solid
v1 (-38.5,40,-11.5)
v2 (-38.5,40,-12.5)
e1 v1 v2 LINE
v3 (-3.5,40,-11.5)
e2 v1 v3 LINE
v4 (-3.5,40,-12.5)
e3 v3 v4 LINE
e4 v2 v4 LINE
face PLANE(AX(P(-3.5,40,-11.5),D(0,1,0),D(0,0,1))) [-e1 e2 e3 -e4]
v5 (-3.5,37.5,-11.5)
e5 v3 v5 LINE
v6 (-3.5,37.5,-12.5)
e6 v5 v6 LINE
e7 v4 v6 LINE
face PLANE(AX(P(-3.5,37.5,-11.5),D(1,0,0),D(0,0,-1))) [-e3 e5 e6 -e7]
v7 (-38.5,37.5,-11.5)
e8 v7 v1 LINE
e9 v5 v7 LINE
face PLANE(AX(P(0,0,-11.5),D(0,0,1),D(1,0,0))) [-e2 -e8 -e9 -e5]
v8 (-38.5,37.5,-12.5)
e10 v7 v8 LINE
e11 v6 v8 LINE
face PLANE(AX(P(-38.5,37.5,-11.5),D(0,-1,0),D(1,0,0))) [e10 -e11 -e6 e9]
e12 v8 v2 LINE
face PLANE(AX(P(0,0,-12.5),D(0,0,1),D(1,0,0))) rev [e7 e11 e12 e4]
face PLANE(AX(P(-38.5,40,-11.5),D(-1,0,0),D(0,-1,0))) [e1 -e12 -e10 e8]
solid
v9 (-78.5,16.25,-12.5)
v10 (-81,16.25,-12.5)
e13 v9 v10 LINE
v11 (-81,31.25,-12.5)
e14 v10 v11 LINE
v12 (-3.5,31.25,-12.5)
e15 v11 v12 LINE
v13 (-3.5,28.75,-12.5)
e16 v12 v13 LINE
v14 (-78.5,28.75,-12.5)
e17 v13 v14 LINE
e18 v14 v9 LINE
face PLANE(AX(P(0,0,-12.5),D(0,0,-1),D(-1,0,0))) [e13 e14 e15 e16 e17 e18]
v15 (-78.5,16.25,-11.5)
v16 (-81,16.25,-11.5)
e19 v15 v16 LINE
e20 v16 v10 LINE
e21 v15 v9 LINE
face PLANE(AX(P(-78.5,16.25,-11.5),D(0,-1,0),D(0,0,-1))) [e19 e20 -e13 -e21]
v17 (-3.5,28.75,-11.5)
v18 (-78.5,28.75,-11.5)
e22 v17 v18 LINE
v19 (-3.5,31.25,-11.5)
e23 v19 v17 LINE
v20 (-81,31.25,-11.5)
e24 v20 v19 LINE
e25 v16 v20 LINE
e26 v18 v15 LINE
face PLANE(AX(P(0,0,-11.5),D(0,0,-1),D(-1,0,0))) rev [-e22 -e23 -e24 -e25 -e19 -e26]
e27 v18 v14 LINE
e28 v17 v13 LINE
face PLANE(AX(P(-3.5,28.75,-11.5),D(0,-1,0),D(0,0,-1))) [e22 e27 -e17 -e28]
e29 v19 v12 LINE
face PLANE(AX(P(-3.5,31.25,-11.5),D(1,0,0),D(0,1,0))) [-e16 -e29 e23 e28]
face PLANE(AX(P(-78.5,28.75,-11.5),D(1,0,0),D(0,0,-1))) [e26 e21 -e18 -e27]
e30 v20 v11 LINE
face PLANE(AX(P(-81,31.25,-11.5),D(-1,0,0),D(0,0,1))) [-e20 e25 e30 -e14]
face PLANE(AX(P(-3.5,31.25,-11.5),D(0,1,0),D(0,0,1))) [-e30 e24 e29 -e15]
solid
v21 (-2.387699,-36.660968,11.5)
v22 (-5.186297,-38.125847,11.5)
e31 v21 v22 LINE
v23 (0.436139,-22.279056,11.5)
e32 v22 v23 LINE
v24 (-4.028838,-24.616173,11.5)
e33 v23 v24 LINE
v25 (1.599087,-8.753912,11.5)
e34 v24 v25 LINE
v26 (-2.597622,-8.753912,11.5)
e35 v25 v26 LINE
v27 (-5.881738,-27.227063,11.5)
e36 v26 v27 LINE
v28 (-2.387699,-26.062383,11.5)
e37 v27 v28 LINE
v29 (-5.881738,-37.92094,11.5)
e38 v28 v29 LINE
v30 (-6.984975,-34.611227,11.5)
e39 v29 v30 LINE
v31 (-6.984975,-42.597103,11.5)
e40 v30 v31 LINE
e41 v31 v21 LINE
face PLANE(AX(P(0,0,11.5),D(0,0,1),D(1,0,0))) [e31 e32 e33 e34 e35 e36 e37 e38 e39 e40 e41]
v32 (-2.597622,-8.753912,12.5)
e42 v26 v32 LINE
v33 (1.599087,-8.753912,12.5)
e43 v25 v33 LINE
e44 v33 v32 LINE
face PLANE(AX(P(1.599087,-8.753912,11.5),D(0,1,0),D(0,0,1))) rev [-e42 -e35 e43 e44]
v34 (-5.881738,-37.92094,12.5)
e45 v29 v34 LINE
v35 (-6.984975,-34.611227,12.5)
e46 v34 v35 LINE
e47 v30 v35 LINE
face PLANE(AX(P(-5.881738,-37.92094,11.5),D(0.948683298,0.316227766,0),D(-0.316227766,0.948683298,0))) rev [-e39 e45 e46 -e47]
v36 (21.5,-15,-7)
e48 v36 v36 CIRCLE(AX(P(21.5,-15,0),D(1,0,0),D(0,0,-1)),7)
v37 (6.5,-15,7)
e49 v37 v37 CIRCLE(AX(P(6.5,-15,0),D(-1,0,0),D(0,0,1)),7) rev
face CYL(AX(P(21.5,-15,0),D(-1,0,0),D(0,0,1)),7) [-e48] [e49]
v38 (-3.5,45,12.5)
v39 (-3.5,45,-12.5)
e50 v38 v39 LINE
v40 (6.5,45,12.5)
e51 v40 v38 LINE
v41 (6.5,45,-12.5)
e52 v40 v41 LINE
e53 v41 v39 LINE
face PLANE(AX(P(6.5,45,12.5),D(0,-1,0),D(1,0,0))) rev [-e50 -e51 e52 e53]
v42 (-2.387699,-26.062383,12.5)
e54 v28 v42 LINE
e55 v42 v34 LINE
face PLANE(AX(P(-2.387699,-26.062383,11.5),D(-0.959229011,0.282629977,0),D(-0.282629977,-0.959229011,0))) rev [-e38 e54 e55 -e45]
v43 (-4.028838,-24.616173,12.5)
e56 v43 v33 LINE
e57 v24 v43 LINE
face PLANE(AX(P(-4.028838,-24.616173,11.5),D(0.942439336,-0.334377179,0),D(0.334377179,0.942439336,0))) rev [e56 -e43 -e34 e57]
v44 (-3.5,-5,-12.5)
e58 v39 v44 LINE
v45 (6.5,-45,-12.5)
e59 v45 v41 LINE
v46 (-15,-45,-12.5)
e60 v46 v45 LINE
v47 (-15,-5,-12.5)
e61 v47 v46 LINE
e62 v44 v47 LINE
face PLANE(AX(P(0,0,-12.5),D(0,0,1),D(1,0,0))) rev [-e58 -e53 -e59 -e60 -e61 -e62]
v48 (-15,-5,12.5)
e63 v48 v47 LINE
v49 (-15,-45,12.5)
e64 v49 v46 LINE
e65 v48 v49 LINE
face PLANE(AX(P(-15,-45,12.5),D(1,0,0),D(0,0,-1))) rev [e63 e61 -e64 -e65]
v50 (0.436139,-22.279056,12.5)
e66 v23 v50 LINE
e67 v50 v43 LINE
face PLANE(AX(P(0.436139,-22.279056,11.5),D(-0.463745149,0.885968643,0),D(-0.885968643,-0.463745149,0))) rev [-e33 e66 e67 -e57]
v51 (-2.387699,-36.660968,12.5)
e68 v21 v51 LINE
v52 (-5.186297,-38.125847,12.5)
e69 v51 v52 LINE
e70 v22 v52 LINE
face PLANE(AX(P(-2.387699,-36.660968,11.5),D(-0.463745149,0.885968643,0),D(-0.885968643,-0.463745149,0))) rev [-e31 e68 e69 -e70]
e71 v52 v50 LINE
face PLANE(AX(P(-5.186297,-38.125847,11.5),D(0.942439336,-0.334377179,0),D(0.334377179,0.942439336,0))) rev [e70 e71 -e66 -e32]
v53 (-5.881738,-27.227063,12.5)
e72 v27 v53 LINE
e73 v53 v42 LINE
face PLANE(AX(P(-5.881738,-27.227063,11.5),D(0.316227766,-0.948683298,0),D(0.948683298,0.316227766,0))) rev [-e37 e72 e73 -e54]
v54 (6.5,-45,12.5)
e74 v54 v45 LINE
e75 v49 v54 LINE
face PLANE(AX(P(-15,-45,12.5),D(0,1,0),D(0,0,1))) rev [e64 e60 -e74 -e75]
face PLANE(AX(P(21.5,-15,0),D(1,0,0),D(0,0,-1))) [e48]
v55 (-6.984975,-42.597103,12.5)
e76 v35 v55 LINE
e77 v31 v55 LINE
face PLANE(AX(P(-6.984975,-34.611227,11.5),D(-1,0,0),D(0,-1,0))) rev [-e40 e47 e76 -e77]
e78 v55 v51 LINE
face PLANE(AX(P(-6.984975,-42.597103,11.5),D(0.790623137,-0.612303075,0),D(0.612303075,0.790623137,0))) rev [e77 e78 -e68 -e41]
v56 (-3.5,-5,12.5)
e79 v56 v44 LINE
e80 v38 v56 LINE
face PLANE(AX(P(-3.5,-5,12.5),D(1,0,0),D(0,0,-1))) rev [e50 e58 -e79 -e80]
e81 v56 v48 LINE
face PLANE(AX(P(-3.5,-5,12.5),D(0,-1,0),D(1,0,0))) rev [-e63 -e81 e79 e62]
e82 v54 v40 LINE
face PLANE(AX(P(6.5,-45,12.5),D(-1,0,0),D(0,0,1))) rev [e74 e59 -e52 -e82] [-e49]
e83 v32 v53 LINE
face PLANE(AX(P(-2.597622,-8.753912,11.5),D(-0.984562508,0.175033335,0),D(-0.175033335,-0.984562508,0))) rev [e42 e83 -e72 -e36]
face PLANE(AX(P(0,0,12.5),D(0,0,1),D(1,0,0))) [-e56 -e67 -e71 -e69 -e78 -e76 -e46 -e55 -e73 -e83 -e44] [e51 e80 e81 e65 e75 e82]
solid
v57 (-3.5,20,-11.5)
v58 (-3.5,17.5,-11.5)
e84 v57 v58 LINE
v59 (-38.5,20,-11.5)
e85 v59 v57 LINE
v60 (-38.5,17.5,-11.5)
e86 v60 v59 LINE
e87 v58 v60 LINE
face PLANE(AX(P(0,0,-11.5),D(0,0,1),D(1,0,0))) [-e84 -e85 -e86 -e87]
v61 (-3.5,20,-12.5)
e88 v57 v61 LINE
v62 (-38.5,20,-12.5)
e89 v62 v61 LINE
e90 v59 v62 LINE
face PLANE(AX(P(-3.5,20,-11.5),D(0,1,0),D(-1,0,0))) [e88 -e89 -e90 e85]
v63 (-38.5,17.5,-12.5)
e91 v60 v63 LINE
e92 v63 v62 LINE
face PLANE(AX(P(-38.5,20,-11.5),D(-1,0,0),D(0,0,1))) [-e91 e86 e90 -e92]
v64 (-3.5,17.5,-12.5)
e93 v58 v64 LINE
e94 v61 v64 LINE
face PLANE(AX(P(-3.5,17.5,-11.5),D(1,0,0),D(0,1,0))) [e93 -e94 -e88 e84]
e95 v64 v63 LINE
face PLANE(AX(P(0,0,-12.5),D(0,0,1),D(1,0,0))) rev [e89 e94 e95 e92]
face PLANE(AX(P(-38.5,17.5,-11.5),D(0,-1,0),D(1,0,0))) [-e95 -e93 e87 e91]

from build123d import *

# Parameters (mm, degrees)
BOSS_EXTRUDE1_DEPTH   = 12.5
CUT_EXTRUDE1_DEPTH    = 1
SKETCH4_W             = 35
SKETCH4_H             = 2.5
BOSS_EXTRUDE2_DEPTH   = 1
BOSS_EXTRUDE2_2_DEPTH = 1
BOSS_EXTRUDE2_3_DEPTH = 1
SKETCH6_R             = 7
BOSS_EXTRUDE3_DEPTH   = 15


with BuildPart() as part:
    # Sketch1 → Boss-Extrude1 (new, symmetric)
    with BuildSketch(Plane.XY):
        Polygon((-15, -45), (6.5, -45), (6.5, 45), (-3.5, 45), (-3.5, -5), (-15, -5), align=None)
    extrude(amount=BOSS_EXTRUDE1_DEPTH, both=True)

    # Sketch2 → Cut-Extrude1 (cut)
    with BuildSketch(Plane.XY.offset(12.5)):
        Polygon((-2.597622066, -8.753911623), (-5.881737798, -27.227062612), (-2.387698703, -26.062382913), (-5.881737798, -37.920939842), (-6.984975478, -34.6112268), (-6.984975478, -42.59710263), (-2.387698703, -36.660968168), (-5.186296848, -38.12584655), (0.436139273, -22.279056437), (-4.028838278, -24.616172646), (1.599086918, -8.753911623), align=None)
    extrude(amount=-CUT_EXTRUDE1_DEPTH, mode=Mode.SUBTRACT)

    # Sketch6 → Boss-Extrude3 (add)
    with BuildSketch(Plane(origin=(6.5, 0, 0), x_dir=(0, 0, -1), z_dir=(1, 0, 0))):
        with Locations(Location((0, -15, 0), (0, 0, 180))):
            Circle(SKETCH6_R)
    extrude(amount=BOSS_EXTRUDE3_DEPTH)


with BuildPart() as body_2:
    # Sketch4 → Boss-Extrude2 (new body)
    with BuildSketch(Plane(origin=(0, 0, -12.5), x_dir=(-1, 0, 0), z_dir=(0, 0, -1))):
        with Locations((21, 38.75)):
            Rectangle(SKETCH4_W, SKETCH4_H)
    extrude(amount=-BOSS_EXTRUDE2_DEPTH)


with BuildPart() as body_3:
    # Sketch4 → Boss-Extrude2 2 (new body)
    with BuildSketch(Plane(origin=(0, 0, -12.5), x_dir=(-1, 0, 0), z_dir=(0, 0, -1))):
        with Locations((21, 18.75)):
            Rectangle(SKETCH4_W, SKETCH4_H)
    extrude(amount=-BOSS_EXTRUDE2_2_DEPTH)


with BuildPart() as body_4:
    # Sketch4 → Boss-Extrude2 3 (new body)
    with BuildSketch(Plane(origin=(0, 0, -12.5), x_dir=(-1, 0, 0), z_dir=(0, 0, -1))):
        Polygon((3.5, 31.25), (78.5, 31.25), (81, 31.25), (81, 16.25), (78.5, 16.25), (78.5, 28.75), (3.5, 28.75), align=None)
    extrude(amount=-BOSS_EXTRUDE2_3_DEPTH)


solid = Compound([part.part, body_2.part, body_3.part, body_4.part])
